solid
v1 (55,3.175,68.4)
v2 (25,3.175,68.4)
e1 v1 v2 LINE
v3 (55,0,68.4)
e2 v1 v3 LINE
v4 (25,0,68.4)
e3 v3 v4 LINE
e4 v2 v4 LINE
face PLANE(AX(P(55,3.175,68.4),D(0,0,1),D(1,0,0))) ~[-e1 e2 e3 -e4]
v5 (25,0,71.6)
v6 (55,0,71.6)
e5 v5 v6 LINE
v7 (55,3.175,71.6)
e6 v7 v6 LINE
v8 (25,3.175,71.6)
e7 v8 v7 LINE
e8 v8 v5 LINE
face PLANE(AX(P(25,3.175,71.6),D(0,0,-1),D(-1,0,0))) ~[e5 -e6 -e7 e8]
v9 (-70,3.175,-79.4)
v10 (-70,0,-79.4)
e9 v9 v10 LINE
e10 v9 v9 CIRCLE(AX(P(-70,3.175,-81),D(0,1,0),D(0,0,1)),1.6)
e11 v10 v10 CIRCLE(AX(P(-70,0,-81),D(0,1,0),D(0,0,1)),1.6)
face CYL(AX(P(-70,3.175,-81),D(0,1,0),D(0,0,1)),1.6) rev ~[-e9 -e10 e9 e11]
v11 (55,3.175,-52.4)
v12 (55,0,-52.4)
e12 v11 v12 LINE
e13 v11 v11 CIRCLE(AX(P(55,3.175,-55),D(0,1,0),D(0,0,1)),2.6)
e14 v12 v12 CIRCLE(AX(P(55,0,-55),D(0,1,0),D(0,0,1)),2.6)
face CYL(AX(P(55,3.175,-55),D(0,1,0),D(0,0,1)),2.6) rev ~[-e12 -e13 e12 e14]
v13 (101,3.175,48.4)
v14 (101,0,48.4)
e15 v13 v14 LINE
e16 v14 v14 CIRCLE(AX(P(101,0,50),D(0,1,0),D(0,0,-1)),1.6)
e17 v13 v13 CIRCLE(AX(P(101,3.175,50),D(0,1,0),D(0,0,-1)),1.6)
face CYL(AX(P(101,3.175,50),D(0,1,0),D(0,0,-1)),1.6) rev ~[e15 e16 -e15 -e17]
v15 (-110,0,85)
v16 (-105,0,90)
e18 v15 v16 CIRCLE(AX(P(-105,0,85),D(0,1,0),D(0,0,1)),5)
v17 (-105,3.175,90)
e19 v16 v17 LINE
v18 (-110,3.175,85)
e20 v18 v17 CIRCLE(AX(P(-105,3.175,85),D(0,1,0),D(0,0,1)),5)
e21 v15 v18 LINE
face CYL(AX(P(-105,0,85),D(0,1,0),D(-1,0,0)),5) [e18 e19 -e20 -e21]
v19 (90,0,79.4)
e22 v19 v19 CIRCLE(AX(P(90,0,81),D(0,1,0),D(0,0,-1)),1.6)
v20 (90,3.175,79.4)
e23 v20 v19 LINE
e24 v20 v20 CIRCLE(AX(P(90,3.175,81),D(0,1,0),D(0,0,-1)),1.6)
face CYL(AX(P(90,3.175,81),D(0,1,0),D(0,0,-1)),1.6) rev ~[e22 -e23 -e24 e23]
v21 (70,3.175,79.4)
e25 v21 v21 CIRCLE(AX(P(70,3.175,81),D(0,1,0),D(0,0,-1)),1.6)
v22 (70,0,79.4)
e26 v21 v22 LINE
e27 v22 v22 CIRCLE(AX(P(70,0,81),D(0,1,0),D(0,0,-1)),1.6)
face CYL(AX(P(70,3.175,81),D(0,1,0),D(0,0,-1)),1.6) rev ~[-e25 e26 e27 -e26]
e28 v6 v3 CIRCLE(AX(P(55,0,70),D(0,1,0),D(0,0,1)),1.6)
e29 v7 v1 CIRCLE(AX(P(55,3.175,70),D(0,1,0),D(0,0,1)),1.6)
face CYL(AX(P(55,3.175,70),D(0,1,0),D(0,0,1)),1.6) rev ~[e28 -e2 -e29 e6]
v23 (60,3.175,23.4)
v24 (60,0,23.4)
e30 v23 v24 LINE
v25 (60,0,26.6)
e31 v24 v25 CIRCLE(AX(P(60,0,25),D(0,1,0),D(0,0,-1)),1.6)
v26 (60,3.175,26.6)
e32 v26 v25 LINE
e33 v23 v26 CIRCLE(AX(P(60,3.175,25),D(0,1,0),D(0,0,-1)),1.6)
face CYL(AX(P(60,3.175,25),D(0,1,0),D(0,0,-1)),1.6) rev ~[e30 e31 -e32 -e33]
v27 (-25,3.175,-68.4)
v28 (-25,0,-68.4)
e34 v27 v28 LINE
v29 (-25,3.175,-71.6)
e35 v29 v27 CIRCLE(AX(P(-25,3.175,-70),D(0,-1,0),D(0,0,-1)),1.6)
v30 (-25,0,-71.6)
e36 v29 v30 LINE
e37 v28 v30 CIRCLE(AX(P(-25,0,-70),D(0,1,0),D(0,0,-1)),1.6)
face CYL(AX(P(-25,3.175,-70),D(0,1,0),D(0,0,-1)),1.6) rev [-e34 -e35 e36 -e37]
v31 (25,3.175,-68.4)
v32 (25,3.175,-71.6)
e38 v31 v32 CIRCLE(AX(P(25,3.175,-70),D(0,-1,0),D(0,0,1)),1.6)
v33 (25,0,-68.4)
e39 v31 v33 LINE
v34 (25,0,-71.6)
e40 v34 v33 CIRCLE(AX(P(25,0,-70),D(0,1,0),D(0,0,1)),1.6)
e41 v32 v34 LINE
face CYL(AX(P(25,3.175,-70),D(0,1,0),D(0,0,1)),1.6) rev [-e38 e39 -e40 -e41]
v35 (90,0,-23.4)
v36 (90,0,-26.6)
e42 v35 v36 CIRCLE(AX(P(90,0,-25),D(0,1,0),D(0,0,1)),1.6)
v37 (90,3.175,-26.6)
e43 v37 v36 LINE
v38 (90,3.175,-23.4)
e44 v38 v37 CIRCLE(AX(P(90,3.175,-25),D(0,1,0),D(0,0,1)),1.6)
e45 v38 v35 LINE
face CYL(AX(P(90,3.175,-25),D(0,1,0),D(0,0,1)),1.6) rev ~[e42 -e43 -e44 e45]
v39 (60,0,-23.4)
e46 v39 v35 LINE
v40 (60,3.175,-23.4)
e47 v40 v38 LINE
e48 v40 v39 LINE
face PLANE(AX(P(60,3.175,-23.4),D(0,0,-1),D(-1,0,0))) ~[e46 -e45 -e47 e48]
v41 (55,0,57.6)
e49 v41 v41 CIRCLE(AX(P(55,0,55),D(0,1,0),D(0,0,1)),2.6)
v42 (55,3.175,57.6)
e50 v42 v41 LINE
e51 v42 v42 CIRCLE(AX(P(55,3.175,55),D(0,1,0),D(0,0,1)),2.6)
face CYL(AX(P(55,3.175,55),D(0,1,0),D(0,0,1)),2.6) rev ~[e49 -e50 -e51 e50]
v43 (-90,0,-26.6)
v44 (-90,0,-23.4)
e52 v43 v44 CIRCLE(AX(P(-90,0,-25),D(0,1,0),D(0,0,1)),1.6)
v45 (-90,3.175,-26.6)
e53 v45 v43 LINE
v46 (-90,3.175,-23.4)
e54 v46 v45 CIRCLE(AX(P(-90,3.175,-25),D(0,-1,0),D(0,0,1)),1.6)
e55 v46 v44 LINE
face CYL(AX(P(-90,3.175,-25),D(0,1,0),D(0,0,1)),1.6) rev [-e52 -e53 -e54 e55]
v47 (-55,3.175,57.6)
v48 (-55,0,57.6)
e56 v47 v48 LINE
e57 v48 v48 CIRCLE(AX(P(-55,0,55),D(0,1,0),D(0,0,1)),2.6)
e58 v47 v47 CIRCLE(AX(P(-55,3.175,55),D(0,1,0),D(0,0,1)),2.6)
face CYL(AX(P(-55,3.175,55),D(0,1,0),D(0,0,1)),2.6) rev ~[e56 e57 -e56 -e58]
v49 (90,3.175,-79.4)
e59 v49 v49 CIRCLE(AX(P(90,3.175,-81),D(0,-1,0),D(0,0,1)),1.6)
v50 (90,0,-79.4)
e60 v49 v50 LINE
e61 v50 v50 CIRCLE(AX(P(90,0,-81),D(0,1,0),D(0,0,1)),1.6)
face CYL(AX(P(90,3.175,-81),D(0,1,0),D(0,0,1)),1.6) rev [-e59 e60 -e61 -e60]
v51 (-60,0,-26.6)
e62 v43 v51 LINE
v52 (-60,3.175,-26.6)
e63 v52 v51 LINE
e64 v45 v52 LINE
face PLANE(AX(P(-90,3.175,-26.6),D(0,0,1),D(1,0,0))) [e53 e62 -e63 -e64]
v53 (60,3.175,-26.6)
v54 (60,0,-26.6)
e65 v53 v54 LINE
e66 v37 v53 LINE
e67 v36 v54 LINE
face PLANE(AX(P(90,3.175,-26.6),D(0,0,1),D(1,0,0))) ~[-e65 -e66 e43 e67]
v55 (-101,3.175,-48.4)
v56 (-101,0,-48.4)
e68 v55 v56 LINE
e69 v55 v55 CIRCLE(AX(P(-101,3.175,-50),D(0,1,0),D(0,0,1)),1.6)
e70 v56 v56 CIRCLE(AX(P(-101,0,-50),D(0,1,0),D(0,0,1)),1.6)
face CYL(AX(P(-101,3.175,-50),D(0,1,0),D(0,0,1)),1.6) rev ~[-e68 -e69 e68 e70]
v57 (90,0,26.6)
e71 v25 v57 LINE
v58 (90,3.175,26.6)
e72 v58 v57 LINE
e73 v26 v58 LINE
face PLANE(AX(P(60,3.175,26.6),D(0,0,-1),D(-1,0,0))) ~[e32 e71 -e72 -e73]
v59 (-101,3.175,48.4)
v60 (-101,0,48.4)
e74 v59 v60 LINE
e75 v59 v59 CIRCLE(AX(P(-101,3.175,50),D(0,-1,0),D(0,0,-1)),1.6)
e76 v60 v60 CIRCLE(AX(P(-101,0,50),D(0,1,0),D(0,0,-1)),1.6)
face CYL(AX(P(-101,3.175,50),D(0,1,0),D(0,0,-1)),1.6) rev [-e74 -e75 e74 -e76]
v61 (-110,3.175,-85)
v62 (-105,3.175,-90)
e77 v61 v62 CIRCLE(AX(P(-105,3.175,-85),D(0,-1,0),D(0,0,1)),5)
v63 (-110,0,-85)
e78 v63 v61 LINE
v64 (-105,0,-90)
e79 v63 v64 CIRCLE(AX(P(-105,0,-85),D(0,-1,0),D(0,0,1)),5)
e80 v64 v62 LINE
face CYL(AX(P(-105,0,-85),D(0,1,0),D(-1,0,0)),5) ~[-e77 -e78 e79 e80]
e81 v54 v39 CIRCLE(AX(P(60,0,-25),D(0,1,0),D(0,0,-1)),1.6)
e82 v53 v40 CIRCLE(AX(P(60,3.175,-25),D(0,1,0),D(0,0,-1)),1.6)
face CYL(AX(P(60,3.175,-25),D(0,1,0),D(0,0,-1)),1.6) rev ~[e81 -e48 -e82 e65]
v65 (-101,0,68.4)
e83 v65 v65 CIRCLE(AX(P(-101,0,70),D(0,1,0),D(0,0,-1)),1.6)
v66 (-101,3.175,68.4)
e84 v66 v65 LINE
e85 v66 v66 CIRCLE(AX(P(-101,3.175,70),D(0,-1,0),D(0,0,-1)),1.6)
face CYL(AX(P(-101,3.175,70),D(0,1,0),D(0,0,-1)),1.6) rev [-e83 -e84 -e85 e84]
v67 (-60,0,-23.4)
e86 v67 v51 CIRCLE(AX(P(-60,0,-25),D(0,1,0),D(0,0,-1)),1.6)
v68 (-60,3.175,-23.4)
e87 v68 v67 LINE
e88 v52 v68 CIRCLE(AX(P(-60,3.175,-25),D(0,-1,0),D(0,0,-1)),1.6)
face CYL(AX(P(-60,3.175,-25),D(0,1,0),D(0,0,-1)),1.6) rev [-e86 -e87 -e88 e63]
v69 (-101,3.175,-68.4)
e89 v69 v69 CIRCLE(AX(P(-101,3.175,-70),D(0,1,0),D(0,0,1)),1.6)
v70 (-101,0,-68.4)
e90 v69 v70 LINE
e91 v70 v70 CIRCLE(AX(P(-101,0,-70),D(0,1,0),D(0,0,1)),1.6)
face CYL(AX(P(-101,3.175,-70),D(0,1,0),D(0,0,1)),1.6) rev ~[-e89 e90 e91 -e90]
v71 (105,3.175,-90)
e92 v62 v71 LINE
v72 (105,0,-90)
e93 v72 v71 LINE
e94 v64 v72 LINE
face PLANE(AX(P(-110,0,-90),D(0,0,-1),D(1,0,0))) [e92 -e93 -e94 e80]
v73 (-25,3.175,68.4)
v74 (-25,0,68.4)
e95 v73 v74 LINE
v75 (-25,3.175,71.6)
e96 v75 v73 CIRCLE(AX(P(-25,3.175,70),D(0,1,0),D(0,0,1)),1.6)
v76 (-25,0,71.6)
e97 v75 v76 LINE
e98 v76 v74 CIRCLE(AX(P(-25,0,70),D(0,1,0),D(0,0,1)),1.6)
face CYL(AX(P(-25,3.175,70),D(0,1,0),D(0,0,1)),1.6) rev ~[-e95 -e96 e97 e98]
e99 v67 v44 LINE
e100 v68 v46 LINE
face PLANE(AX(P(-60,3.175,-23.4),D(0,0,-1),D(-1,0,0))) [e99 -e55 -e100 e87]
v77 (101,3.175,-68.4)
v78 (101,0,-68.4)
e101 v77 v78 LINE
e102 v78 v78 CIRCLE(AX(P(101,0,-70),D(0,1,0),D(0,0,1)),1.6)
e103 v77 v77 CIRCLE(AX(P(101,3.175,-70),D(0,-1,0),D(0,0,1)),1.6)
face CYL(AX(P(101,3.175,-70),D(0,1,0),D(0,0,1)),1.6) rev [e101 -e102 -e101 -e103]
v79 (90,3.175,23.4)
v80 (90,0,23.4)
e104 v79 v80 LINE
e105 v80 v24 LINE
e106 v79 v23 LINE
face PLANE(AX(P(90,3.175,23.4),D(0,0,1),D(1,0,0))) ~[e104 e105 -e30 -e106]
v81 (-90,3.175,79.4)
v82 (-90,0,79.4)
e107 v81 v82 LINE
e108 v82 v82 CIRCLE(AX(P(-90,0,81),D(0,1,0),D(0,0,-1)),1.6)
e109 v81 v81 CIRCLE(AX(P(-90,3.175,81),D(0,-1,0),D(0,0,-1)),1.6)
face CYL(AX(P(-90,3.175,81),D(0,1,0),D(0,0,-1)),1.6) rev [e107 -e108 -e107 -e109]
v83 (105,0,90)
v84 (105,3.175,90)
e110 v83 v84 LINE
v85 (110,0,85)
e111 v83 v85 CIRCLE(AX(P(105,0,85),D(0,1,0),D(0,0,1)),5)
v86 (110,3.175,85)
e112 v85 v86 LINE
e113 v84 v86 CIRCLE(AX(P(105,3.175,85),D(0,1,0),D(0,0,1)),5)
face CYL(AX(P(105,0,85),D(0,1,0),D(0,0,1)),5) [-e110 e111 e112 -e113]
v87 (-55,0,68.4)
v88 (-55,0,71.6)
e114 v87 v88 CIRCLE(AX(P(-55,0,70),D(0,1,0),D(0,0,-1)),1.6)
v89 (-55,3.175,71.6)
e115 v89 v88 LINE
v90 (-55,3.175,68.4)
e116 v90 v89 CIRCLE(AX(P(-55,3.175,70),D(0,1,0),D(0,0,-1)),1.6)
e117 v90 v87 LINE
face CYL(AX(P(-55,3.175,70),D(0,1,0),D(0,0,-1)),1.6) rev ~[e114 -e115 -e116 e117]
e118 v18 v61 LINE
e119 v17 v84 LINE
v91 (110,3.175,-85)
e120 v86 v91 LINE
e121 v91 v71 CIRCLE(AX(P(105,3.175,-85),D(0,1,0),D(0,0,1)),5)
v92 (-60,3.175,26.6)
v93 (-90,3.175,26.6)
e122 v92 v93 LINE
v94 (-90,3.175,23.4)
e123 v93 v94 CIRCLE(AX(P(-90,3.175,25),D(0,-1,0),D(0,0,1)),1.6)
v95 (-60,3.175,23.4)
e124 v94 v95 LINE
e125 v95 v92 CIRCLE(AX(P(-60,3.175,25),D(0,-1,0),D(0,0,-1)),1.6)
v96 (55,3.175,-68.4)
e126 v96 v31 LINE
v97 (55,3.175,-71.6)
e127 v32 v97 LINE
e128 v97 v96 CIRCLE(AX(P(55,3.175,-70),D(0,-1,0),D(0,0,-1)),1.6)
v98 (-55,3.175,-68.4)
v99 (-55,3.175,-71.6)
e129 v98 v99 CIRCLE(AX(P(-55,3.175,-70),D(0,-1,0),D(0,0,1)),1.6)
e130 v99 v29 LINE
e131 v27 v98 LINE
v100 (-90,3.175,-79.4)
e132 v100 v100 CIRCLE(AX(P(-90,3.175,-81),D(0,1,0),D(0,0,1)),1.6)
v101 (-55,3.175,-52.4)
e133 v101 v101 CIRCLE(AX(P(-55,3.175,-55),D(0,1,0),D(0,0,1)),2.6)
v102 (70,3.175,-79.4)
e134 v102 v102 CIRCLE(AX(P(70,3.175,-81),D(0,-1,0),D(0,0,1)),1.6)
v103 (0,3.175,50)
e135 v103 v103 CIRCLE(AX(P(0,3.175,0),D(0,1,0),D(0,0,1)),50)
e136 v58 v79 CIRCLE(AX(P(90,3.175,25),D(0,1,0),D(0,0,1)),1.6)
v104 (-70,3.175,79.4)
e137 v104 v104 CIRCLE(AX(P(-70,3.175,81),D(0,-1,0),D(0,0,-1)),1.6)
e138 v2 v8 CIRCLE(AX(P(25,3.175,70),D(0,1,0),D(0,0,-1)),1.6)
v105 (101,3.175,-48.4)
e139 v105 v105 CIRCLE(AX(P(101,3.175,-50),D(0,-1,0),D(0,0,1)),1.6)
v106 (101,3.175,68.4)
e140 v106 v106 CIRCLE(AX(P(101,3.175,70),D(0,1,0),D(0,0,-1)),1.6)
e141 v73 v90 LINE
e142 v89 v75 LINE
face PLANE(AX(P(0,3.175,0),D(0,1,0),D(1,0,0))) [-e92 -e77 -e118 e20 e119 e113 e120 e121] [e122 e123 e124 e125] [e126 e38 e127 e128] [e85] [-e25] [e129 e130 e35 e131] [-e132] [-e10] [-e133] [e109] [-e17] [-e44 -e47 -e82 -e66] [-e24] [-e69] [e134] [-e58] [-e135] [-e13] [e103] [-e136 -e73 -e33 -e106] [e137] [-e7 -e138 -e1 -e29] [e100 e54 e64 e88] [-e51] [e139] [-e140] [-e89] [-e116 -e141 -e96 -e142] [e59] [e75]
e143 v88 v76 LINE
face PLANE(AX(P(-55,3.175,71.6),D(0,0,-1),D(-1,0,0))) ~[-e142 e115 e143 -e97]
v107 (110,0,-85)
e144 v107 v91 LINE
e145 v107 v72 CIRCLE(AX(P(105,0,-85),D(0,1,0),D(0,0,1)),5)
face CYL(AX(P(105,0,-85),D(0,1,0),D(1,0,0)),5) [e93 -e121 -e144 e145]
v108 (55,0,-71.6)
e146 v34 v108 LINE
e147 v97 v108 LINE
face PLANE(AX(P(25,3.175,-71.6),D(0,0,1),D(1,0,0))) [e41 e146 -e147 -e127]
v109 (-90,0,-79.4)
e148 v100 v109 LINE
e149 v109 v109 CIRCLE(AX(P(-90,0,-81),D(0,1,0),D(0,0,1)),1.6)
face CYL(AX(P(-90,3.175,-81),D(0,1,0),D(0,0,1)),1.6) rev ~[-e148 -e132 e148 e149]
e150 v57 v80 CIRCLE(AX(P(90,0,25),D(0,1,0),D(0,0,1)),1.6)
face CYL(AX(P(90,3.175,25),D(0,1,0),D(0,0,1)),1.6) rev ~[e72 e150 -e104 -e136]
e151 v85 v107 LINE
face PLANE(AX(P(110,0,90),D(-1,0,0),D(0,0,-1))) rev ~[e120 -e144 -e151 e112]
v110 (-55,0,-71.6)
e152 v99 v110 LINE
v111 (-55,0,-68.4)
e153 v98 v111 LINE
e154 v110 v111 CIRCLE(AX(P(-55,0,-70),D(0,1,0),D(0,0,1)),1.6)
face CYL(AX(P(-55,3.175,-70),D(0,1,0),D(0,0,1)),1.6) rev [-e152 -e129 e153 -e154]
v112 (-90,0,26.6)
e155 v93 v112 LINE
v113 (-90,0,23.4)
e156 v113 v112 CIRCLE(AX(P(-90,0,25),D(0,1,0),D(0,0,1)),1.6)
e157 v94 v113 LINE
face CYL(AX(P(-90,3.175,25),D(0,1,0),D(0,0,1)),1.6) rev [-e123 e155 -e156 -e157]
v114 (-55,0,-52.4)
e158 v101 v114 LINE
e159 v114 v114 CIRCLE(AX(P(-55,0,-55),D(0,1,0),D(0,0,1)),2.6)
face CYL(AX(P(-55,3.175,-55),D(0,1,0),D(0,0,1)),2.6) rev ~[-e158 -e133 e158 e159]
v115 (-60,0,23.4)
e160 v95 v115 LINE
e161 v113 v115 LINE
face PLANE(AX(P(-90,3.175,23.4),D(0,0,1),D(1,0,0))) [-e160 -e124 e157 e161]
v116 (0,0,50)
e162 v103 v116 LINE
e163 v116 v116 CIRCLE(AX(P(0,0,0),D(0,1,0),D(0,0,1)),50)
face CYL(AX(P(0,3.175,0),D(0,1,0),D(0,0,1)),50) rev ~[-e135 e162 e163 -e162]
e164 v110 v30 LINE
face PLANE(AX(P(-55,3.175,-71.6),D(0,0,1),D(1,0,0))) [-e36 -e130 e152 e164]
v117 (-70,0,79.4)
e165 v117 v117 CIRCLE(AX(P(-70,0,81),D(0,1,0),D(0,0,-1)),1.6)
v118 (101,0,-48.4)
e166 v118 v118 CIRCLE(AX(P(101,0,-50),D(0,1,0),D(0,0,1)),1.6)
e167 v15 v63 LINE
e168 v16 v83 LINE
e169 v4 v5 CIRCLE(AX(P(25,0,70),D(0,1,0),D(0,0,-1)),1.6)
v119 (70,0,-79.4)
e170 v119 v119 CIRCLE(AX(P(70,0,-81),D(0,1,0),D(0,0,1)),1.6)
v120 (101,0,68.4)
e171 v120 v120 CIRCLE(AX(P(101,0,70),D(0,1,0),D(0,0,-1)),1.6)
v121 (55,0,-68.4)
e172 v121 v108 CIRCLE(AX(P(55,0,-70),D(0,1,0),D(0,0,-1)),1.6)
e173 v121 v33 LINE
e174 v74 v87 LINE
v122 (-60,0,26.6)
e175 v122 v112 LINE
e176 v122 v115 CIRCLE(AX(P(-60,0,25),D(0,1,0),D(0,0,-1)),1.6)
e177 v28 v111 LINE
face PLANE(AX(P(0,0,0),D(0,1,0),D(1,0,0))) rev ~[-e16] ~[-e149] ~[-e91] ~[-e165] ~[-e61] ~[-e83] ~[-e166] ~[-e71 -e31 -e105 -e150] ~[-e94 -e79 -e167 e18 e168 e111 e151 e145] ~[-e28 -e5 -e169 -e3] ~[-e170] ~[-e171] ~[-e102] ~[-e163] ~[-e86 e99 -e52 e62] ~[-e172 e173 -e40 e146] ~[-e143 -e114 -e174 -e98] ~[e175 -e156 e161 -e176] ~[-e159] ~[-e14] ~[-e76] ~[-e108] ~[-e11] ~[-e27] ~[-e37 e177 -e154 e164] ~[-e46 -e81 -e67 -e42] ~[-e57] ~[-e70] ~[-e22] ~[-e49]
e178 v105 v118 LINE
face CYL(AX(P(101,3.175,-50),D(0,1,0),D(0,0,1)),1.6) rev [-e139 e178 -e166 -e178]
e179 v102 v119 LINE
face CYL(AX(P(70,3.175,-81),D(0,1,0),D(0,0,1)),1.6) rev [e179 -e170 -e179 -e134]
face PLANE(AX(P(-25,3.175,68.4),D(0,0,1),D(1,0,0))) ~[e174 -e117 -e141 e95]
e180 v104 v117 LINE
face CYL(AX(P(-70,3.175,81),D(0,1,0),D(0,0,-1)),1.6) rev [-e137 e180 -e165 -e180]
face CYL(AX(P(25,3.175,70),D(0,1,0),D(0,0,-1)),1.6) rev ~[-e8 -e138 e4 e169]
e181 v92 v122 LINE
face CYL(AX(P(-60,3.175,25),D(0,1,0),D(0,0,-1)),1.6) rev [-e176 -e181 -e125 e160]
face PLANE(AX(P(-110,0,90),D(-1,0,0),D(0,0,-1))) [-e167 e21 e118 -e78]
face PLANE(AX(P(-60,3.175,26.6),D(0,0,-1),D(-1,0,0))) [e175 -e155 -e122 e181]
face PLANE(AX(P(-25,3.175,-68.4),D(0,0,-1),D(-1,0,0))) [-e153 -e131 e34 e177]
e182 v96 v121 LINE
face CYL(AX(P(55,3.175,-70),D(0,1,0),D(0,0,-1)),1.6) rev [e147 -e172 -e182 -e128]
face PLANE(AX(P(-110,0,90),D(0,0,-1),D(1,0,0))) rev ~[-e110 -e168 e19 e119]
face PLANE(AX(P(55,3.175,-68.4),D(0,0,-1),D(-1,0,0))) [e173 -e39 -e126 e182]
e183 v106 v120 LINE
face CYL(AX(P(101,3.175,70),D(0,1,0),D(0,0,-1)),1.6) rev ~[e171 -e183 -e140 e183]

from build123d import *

# Parameters (mm, degrees)
SKETCH1_W               = 220
SKETCH1_H               = 180
BOSS_EXTRUDE1_DEPTH     = 3.175
FILLET1_R               = 5
SKETCH2_R               = 50
CUT_EXTRUDE1_DEPTH      = 10
SKETCH5_R               = 1.6
CUT_EXTRUDE3_DEPTH      = 10
MIRROR2_COPY_1_SKETCH_R = 1.6
MIRROR2_COPY_1_DEPTH    = 10
SKETCH7_R               = 2.6
CUT_EXTRUDE4_DEPTH      = 10
CUT_EXTRUDE5_DEPTH      = 10
CUT_EXTRUDE6_DEPTH      = 10


with BuildPart() as part:
    # Sketch1 → Boss-Extrude1 (new body)
    with BuildSketch(Plane(origin=(0, 0, 0), x_dir=(1, 0, 0), z_dir=(0, 1, 0))):
        Rectangle(SKETCH1_W, SKETCH1_H)
    extrude(amount=BOSS_EXTRUDE1_DEPTH)

    # Fillet1
    fillet1_edges = [part.edges().sort_by_distance(p)[0] for p in [
        (-110, 1.5875, -90),
        (110, 1.5875, -90),
        (110, 1.5875, 90),
        (-110, 1.5875, 90),
    ]]
    fillet(fillet1_edges, radius=FILLET1_R)

    # Sketch2 → Cut-Extrude1 (cut)
    with BuildSketch(Plane(origin=(0, 3.175, 0), x_dir=(1, 0, 0), z_dir=(0, 1, 0))):
        with Locations(Location((0, 0, 0), (0, 0, 270))):
            Circle(SKETCH2_R)
    extrude(amount=-CUT_EXTRUDE1_DEPTH, mode=Mode.SUBTRACT)

    # Sketch5 → Cut-Extrude3 (cut)
    with BuildSketch(Plane(origin=(0, 3.175, 0), x_dir=(1, 0, 0), z_dir=(0, 1, 0))):
        with Locations(Location((-70, 81, 0), (0, 0, 270))):
            Circle(SKETCH5_R)
        with Locations(Location((-90, 81, 0), (0, 0, 270))):
            Circle(SKETCH5_R)
        with Locations(Location((-101, 70, 0), (0, 0, 270))):
            Circle(SKETCH5_R)
        with Locations(Location((-101, 50, 0), (0, 0, 270))):
            Circle(SKETCH5_R)
    cut_extrude3 = extrude(amount=-CUT_EXTRUDE3_DEPTH, mode=Mode.SUBTRACT)

    # Mirror1: Cut-Extrude3 across plane
    add(cut_extrude3.mirror(Plane(origin=(0, 0, 0), x_dir=(0, 0, 1), z_dir=(1, 0, 0))), mode=Mode.SUBTRACT)

    # Mirror2: Cut-Extrude3 across plane
    add(cut_extrude3.mirror(Plane.XY), mode=Mode.SUBTRACT)

    # Mirror2 copy 1 sketch → Mirror2 copy 1 (cut)
    with BuildSketch(Plane(origin=(0, 3.175, 0), x_dir=(-1, 0, 0), z_dir=(0, 1, 0))):
        with Locations(Location((-70, 81, 0), (0, 0, 270))):
            Circle(MIRROR2_COPY_1_SKETCH_R)
        with Locations(Location((-90, 81, 0), (0, 0, 270))):
            Circle(MIRROR2_COPY_1_SKETCH_R)
        with Locations(Location((-101, 70, 0), (0, 0, 270))):
            Circle(MIRROR2_COPY_1_SKETCH_R)
        with Locations(Location((-101, 50, 0), (0, 0, 270))):
            Circle(MIRROR2_COPY_1_SKETCH_R)
    extrude(amount=-MIRROR2_COPY_1_DEPTH, mode=Mode.SUBTRACT)

    # Sketch7 → Cut-Extrude4 (cut)
    with BuildSketch(Plane(origin=(0, 3.175, 0), x_dir=(1, 0, 0), z_dir=(0, 1, 0))):
        with Locations(Location((-55, 55, 0), (0, 0, 270))):
            Circle(SKETCH7_R)
        with Locations(Location((55, 55, 0), (0, 0, 270))):
            Circle(SKETCH7_R)
        with Locations(Location((55, -55, 0), (0, 0, 270))):
            Circle(SKETCH7_R)
        with Locations(Location((-55, -55, 0), (0, 0, 270))):
            Circle(SKETCH7_R)
    extrude(amount=-CUT_EXTRUDE4_DEPTH, mode=Mode.SUBTRACT)

    # Sketch8 → Cut-Extrude5 (cut)
    with BuildSketch(Plane(origin=(0, 3.175, 0), x_dir=(1, 0, 0), z_dir=(0, 1, 0))):
        with BuildLine():
            Line((-55, 71.6), (-25, 71.6))
            ThreePointArc((-25, 71.6), (-23.4, 70), (-25, 68.4))
            Line((-25, 68.4), (-55, 68.4))
            ThreePointArc((-55, 68.4), (-56.6, 70), (-55, 71.6))
        make_face()
        with BuildLine():
            Line((55, 68.4), (25, 68.4))
            ThreePointArc((25, 68.4), (23.4, 70), (25, 71.6))
            Line((25, 71.6), (55, 71.6))
            ThreePointArc((55, 71.6), (56.6, 70), (55, 68.4))
        make_face()
    cut_extrude5 = extrude(amount=-CUT_EXTRUDE5_DEPTH, mode=Mode.SUBTRACT)

    # Mirror3: Cut-Extrude5 across plane
    add(cut_extrude5.mirror(Plane.XY), mode=Mode.SUBTRACT)

    # Sketch10 → Cut-Extrude6 (cut)
    with BuildSketch(Plane(origin=(0, 3.175, 0), x_dir=(1, 0, 0), z_dir=(0, 1, 0))):
        with BuildLine():
            Line((-60, 23.4), (-90, 23.4))
            ThreePointArc((-90, 23.4), (-91.6, 25), (-90, 26.6))
            Line((-90, 26.6), (-60, 26.6))
            ThreePointArc((-60, 26.6), (-58.4, 25), (-60, 23.4))
        make_face()
        with BuildLine():
            Line((-90, -23.4), (-60, -23.4))
            ThreePointArc((-60, -23.4), (-58.4, -25), (-60, -26.6))
            Line((-60, -26.6), (-90, -26.6))
            ThreePointArc((-90, -26.6), (-91.6, -25), (-90, -23.4))
        make_face()
    cut_extrude6 = extrude(amount=-CUT_EXTRUDE6_DEPTH, mode=Mode.SUBTRACT)

    # Mirror4: Cut-Extrude6 across plane
    add(cut_extrude6.mirror(Plane(origin=(0, 0, 0), x_dir=(0, 0, 1), z_dir=(1, 0, 0))), mode=Mode.SUBTRACT)


solid = part.part
